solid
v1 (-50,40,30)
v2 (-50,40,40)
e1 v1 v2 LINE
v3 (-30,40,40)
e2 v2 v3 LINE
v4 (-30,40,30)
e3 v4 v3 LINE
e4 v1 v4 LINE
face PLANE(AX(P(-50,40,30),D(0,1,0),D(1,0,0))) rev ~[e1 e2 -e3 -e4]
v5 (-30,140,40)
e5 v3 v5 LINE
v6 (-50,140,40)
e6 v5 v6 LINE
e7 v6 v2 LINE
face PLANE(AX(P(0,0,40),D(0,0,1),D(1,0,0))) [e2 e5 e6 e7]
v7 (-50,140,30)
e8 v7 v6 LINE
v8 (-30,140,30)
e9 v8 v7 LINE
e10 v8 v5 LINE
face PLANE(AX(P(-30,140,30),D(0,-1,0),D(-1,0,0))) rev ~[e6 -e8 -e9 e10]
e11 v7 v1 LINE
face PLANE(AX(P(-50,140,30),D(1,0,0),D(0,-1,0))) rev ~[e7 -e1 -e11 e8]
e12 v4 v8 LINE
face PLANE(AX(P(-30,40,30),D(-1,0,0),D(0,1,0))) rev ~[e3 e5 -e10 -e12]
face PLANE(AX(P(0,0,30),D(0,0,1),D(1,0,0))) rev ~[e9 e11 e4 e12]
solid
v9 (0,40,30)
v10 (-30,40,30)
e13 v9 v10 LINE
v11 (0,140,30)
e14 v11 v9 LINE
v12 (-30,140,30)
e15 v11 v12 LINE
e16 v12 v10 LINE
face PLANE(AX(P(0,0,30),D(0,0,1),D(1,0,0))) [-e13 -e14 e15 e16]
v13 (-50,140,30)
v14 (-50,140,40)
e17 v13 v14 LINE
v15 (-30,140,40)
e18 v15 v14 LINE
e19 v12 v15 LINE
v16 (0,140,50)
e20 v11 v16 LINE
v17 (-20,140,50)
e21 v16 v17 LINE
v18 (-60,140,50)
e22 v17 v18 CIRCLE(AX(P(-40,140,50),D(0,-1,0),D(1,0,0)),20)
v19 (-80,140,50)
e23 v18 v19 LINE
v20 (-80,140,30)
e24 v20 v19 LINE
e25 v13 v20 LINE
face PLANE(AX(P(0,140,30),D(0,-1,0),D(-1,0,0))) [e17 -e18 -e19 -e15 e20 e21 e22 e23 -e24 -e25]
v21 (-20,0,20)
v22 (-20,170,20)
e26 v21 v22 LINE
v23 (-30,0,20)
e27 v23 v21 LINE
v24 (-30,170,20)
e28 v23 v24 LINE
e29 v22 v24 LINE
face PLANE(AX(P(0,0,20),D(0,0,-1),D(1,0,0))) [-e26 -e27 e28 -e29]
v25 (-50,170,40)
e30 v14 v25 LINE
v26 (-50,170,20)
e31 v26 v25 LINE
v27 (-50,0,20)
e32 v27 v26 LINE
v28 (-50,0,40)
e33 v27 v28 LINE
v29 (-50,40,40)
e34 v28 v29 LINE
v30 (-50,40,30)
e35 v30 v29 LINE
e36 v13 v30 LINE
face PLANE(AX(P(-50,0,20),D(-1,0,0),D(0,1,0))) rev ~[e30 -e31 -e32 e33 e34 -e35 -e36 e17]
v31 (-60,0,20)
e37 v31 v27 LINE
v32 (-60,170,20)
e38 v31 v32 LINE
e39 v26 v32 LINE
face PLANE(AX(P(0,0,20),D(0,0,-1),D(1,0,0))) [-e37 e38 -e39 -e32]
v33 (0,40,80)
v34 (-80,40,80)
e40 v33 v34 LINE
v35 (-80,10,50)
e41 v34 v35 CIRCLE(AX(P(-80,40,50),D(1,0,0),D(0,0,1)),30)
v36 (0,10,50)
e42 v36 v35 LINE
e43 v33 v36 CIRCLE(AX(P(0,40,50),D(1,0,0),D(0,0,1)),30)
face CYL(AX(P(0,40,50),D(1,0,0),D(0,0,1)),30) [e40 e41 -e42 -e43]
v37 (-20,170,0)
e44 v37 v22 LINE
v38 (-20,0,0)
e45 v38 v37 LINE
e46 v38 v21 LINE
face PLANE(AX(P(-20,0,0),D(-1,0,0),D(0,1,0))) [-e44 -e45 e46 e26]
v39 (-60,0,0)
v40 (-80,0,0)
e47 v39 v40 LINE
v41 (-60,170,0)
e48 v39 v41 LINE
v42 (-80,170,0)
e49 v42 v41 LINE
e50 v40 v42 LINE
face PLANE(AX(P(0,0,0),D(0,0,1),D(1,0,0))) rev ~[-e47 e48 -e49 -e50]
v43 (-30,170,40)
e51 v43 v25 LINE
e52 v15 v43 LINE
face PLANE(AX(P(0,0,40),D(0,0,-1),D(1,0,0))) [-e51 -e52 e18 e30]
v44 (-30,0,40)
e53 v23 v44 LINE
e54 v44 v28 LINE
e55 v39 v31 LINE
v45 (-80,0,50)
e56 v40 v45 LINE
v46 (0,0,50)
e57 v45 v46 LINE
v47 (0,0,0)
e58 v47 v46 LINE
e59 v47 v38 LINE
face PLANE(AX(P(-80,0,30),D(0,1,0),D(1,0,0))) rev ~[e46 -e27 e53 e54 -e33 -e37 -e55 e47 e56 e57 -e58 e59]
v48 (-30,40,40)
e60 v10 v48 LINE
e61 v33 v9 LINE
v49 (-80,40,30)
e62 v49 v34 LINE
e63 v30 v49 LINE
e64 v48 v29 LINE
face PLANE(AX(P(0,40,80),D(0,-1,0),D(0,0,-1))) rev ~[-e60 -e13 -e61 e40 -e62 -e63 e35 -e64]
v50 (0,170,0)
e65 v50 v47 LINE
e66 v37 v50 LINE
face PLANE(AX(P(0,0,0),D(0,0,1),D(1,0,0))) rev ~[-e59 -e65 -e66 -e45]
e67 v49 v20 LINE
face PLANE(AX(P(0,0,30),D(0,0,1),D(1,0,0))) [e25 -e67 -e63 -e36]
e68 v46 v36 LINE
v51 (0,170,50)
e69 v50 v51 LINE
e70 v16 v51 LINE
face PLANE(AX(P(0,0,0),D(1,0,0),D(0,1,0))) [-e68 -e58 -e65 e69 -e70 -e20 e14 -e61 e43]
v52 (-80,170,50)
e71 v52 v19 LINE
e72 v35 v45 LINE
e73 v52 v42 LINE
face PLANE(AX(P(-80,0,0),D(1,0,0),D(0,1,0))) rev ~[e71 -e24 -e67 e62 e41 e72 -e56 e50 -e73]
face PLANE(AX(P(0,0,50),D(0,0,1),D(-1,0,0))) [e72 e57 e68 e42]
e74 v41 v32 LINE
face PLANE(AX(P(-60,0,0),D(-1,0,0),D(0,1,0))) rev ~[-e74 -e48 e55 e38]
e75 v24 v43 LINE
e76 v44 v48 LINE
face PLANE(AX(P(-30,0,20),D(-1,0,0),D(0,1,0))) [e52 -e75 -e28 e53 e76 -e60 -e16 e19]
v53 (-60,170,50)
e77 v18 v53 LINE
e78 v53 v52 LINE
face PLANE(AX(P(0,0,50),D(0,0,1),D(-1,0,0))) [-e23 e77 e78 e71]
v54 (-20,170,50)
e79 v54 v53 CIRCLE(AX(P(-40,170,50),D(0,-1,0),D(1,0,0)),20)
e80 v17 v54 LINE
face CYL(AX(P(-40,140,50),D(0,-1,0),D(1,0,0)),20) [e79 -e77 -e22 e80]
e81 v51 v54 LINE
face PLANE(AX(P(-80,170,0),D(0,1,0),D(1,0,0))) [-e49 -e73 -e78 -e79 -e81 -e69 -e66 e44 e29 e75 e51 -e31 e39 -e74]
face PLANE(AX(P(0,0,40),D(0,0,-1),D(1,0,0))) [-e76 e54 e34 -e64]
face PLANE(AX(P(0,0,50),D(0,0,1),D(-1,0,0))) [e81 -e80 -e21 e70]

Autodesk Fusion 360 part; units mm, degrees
sketch "Sketch1" plane through (0, 0, 0) normal (0, 0, 1) x (1, 0, 0)
  line L0 (0, 0) -> (-80, 0)
  line L1 (-80, 0) -> (-80, 170)
  line L2 (-80, 170) -> (0, 170)
  line L3 (0, 170) -> (0, 0)
  dimension "d1" = 80
  dimension "d2" = 170
extrude "Extrude1" add sketch "Sketch1" along normal blind 30 makes body 1
sketch "Sketch2" plane through (0, 0, 30) normal (0, 0, 1) x (-1, 0, 0)
  line L0 (0, -170) -> (80, -170)
  line L1 (80, -170) -> (80, 0)
  line L2 (80, 0) -> (0, 0)
  line L3 (0, 0) -> (0, -170)
  line L4 (80, -170) -> (0, -170)
  line L5 (0, -170) -> (0, -140)
  line L6 (0, -140) -> (80, -140)
  line L7 (80, -140) -> (80, -170)
  dimension "d5" = 30
extrude "Extrude2" add sketch "Sketch2" along normal blind 20 contours L0 L1 L3 L4 L5 L6 L7 bodies 1
sketch "Sketch3" plane through (0, 140, 0) normal (0, -1, 0) x (1, 0, 0)
  line L0 (-80, 30) -> (0, 30)
  line L1 (0, 30) -> (0, 50)
  line L2 (0, 50) -> (-80, 50)
  line L3 (-80, 50) -> (-80, 30)
  arc A0 (-20, 50) -> (-60, 50) centre (-40, 50) ccw
  dimension "d8" = 20
extrude "Extrude3" add sketch "Sketch3" against normal blind 30 contours L2 A0 bodies 1
sketch "Sketch4" plane through (0, 0, 30) normal (0, 0, 1) x (-1, 0, 0)
  line L0 (0, -140) -> (80, -140)
  line L1 (80, -140) -> (80, 0)
  line L2 (80, 0) -> (0, 0)
  line L3 (0, 0) -> (0, -140)
sketch "Sketch5" plane through (0, 0, 30) normal (0, 0, 1) x (-1, 0, 0)
  line L0 (80, 0) -> (0, 0)
  line L1 (0, 0) -> (0, -40)
  line L2 (0, -40) -> (80, -40)
  line L3 (80, -40) -> (80, 0)
  dimension "d11" = 40
extrude "Extrude4" add sketch "Sketch5" along normal blind 20 bodies 1
sketch "Sketch6" plane through (0, 0, 0) normal (1, 0, 0) x (0, 1, 0)
  line L0 (0, 0) -> (170, 0)
  line L1 (170, 0) -> (170, 50)
  line L2 (170, 50) -> (140, 50)
  line L3 (140, 50) -> (140, 30)
  line L4 (140, 30) -> (40, 30)
  line L5 (40, 30) -> (40, 50)
  line L6 (40, 50) -> (0, 50)
  line L7 (0, 50) -> (0, 0)
  arc A0 (40, 80) -> (10, 50) centre (40, 50) ccw
  line L8 (40, 80) -> (40, 50)
  dimension "d14" = 30
extrude "Extrude5" add sketch "Sketch6" against normal blind 80 contours L6 A0 L8 bodies 1
sketch "Sketch7" plane through (0, 0, 30) normal (0, 0, 1) x (1, 0, 0)
  line L0 (-40, 140) -> (-50, 140)
  line L1 (-50, 140) -> (-50, 40)
  line L2 (-50, 40) -> (-40, 40)
  line L3 (-40, 140) -> (-30, 140)
  line L4 (-30, 140) -> (-30, 40)
  line L5 (-30, 40) -> (-40, 40)
extrude "Extrude6" add sketch "Sketch7" along normal blind 10 bodies 1
sketch "Sketch8" plane through (0, 0, 0) normal (0, 0, -1) x (1, 0, 0)
  line L0 (-80, -170) -> (0, -170)
  line L1 (0, -170) -> (0, 0)
  line L2 (0, 0) -> (-80, 0)
  line L3 (-80, 0) -> (-80, -170)
  line L4 (-40, 0) -> (-60, 0)
  line L5 (-60, 0) -> (-60, -170)
  line L6 (-60, -170) -> (-40, -170)
  line L7 (-40, 0) -> (-20, 0)
  line L8 (-20, 0) -> (-20, -170)
  line L9 (-20, -170) -> (-40, -170)
  dimension "d20" = 20
extrude "Extrude7" cut sketch "Sketch8" against normal blind 20 contours L0 L2 L4 L5 L6 L7 L8 L9 bodies 1
sketch "Sketch9" plane through (0, 0, 20) normal (0, 0, -1) x (1, 0, 0)
  line L0 (-20, 0) -> (-60, 0)
  line L1 (-60, 0) -> (-60, -170)
  line L2 (-60, -170) -> (-20, -170)
  line L3 (-20, -170) -> (-20, 0)
  line L4 (-40, 0) -> (-50, 0)
  line L5 (-50, 0) -> (-50, -170)
  line L6 (-50, -170) -> (-40, -170)
  line L7 (-40, 0) -> (-30, 0)
  line L8 (-30, 0) -> (-30, -170)
  line L9 (-30, -170) -> (-40, -170)
extrude "Extrude8" cut sketch "Sketch9" against normal blind 20 contours L0 L2 L4 L5 L6 L7 L8 L9 bodies 1
sketch "Sketch10" plane through (0, 0, 30) normal (0, 0, 1) x (1, 0, 0)
  line L0 (-50, 40) -> (-30, 40)
  line L1 (-30, 40) -> (-30, 140)
  line L2 (-30, 140) -> (-50, 140)
  line L3 (-50, 140) -> (-50, 40)
extrude "Extrude9" add sketch "Sketch10" along normal blind 10 separate body makes body 2
